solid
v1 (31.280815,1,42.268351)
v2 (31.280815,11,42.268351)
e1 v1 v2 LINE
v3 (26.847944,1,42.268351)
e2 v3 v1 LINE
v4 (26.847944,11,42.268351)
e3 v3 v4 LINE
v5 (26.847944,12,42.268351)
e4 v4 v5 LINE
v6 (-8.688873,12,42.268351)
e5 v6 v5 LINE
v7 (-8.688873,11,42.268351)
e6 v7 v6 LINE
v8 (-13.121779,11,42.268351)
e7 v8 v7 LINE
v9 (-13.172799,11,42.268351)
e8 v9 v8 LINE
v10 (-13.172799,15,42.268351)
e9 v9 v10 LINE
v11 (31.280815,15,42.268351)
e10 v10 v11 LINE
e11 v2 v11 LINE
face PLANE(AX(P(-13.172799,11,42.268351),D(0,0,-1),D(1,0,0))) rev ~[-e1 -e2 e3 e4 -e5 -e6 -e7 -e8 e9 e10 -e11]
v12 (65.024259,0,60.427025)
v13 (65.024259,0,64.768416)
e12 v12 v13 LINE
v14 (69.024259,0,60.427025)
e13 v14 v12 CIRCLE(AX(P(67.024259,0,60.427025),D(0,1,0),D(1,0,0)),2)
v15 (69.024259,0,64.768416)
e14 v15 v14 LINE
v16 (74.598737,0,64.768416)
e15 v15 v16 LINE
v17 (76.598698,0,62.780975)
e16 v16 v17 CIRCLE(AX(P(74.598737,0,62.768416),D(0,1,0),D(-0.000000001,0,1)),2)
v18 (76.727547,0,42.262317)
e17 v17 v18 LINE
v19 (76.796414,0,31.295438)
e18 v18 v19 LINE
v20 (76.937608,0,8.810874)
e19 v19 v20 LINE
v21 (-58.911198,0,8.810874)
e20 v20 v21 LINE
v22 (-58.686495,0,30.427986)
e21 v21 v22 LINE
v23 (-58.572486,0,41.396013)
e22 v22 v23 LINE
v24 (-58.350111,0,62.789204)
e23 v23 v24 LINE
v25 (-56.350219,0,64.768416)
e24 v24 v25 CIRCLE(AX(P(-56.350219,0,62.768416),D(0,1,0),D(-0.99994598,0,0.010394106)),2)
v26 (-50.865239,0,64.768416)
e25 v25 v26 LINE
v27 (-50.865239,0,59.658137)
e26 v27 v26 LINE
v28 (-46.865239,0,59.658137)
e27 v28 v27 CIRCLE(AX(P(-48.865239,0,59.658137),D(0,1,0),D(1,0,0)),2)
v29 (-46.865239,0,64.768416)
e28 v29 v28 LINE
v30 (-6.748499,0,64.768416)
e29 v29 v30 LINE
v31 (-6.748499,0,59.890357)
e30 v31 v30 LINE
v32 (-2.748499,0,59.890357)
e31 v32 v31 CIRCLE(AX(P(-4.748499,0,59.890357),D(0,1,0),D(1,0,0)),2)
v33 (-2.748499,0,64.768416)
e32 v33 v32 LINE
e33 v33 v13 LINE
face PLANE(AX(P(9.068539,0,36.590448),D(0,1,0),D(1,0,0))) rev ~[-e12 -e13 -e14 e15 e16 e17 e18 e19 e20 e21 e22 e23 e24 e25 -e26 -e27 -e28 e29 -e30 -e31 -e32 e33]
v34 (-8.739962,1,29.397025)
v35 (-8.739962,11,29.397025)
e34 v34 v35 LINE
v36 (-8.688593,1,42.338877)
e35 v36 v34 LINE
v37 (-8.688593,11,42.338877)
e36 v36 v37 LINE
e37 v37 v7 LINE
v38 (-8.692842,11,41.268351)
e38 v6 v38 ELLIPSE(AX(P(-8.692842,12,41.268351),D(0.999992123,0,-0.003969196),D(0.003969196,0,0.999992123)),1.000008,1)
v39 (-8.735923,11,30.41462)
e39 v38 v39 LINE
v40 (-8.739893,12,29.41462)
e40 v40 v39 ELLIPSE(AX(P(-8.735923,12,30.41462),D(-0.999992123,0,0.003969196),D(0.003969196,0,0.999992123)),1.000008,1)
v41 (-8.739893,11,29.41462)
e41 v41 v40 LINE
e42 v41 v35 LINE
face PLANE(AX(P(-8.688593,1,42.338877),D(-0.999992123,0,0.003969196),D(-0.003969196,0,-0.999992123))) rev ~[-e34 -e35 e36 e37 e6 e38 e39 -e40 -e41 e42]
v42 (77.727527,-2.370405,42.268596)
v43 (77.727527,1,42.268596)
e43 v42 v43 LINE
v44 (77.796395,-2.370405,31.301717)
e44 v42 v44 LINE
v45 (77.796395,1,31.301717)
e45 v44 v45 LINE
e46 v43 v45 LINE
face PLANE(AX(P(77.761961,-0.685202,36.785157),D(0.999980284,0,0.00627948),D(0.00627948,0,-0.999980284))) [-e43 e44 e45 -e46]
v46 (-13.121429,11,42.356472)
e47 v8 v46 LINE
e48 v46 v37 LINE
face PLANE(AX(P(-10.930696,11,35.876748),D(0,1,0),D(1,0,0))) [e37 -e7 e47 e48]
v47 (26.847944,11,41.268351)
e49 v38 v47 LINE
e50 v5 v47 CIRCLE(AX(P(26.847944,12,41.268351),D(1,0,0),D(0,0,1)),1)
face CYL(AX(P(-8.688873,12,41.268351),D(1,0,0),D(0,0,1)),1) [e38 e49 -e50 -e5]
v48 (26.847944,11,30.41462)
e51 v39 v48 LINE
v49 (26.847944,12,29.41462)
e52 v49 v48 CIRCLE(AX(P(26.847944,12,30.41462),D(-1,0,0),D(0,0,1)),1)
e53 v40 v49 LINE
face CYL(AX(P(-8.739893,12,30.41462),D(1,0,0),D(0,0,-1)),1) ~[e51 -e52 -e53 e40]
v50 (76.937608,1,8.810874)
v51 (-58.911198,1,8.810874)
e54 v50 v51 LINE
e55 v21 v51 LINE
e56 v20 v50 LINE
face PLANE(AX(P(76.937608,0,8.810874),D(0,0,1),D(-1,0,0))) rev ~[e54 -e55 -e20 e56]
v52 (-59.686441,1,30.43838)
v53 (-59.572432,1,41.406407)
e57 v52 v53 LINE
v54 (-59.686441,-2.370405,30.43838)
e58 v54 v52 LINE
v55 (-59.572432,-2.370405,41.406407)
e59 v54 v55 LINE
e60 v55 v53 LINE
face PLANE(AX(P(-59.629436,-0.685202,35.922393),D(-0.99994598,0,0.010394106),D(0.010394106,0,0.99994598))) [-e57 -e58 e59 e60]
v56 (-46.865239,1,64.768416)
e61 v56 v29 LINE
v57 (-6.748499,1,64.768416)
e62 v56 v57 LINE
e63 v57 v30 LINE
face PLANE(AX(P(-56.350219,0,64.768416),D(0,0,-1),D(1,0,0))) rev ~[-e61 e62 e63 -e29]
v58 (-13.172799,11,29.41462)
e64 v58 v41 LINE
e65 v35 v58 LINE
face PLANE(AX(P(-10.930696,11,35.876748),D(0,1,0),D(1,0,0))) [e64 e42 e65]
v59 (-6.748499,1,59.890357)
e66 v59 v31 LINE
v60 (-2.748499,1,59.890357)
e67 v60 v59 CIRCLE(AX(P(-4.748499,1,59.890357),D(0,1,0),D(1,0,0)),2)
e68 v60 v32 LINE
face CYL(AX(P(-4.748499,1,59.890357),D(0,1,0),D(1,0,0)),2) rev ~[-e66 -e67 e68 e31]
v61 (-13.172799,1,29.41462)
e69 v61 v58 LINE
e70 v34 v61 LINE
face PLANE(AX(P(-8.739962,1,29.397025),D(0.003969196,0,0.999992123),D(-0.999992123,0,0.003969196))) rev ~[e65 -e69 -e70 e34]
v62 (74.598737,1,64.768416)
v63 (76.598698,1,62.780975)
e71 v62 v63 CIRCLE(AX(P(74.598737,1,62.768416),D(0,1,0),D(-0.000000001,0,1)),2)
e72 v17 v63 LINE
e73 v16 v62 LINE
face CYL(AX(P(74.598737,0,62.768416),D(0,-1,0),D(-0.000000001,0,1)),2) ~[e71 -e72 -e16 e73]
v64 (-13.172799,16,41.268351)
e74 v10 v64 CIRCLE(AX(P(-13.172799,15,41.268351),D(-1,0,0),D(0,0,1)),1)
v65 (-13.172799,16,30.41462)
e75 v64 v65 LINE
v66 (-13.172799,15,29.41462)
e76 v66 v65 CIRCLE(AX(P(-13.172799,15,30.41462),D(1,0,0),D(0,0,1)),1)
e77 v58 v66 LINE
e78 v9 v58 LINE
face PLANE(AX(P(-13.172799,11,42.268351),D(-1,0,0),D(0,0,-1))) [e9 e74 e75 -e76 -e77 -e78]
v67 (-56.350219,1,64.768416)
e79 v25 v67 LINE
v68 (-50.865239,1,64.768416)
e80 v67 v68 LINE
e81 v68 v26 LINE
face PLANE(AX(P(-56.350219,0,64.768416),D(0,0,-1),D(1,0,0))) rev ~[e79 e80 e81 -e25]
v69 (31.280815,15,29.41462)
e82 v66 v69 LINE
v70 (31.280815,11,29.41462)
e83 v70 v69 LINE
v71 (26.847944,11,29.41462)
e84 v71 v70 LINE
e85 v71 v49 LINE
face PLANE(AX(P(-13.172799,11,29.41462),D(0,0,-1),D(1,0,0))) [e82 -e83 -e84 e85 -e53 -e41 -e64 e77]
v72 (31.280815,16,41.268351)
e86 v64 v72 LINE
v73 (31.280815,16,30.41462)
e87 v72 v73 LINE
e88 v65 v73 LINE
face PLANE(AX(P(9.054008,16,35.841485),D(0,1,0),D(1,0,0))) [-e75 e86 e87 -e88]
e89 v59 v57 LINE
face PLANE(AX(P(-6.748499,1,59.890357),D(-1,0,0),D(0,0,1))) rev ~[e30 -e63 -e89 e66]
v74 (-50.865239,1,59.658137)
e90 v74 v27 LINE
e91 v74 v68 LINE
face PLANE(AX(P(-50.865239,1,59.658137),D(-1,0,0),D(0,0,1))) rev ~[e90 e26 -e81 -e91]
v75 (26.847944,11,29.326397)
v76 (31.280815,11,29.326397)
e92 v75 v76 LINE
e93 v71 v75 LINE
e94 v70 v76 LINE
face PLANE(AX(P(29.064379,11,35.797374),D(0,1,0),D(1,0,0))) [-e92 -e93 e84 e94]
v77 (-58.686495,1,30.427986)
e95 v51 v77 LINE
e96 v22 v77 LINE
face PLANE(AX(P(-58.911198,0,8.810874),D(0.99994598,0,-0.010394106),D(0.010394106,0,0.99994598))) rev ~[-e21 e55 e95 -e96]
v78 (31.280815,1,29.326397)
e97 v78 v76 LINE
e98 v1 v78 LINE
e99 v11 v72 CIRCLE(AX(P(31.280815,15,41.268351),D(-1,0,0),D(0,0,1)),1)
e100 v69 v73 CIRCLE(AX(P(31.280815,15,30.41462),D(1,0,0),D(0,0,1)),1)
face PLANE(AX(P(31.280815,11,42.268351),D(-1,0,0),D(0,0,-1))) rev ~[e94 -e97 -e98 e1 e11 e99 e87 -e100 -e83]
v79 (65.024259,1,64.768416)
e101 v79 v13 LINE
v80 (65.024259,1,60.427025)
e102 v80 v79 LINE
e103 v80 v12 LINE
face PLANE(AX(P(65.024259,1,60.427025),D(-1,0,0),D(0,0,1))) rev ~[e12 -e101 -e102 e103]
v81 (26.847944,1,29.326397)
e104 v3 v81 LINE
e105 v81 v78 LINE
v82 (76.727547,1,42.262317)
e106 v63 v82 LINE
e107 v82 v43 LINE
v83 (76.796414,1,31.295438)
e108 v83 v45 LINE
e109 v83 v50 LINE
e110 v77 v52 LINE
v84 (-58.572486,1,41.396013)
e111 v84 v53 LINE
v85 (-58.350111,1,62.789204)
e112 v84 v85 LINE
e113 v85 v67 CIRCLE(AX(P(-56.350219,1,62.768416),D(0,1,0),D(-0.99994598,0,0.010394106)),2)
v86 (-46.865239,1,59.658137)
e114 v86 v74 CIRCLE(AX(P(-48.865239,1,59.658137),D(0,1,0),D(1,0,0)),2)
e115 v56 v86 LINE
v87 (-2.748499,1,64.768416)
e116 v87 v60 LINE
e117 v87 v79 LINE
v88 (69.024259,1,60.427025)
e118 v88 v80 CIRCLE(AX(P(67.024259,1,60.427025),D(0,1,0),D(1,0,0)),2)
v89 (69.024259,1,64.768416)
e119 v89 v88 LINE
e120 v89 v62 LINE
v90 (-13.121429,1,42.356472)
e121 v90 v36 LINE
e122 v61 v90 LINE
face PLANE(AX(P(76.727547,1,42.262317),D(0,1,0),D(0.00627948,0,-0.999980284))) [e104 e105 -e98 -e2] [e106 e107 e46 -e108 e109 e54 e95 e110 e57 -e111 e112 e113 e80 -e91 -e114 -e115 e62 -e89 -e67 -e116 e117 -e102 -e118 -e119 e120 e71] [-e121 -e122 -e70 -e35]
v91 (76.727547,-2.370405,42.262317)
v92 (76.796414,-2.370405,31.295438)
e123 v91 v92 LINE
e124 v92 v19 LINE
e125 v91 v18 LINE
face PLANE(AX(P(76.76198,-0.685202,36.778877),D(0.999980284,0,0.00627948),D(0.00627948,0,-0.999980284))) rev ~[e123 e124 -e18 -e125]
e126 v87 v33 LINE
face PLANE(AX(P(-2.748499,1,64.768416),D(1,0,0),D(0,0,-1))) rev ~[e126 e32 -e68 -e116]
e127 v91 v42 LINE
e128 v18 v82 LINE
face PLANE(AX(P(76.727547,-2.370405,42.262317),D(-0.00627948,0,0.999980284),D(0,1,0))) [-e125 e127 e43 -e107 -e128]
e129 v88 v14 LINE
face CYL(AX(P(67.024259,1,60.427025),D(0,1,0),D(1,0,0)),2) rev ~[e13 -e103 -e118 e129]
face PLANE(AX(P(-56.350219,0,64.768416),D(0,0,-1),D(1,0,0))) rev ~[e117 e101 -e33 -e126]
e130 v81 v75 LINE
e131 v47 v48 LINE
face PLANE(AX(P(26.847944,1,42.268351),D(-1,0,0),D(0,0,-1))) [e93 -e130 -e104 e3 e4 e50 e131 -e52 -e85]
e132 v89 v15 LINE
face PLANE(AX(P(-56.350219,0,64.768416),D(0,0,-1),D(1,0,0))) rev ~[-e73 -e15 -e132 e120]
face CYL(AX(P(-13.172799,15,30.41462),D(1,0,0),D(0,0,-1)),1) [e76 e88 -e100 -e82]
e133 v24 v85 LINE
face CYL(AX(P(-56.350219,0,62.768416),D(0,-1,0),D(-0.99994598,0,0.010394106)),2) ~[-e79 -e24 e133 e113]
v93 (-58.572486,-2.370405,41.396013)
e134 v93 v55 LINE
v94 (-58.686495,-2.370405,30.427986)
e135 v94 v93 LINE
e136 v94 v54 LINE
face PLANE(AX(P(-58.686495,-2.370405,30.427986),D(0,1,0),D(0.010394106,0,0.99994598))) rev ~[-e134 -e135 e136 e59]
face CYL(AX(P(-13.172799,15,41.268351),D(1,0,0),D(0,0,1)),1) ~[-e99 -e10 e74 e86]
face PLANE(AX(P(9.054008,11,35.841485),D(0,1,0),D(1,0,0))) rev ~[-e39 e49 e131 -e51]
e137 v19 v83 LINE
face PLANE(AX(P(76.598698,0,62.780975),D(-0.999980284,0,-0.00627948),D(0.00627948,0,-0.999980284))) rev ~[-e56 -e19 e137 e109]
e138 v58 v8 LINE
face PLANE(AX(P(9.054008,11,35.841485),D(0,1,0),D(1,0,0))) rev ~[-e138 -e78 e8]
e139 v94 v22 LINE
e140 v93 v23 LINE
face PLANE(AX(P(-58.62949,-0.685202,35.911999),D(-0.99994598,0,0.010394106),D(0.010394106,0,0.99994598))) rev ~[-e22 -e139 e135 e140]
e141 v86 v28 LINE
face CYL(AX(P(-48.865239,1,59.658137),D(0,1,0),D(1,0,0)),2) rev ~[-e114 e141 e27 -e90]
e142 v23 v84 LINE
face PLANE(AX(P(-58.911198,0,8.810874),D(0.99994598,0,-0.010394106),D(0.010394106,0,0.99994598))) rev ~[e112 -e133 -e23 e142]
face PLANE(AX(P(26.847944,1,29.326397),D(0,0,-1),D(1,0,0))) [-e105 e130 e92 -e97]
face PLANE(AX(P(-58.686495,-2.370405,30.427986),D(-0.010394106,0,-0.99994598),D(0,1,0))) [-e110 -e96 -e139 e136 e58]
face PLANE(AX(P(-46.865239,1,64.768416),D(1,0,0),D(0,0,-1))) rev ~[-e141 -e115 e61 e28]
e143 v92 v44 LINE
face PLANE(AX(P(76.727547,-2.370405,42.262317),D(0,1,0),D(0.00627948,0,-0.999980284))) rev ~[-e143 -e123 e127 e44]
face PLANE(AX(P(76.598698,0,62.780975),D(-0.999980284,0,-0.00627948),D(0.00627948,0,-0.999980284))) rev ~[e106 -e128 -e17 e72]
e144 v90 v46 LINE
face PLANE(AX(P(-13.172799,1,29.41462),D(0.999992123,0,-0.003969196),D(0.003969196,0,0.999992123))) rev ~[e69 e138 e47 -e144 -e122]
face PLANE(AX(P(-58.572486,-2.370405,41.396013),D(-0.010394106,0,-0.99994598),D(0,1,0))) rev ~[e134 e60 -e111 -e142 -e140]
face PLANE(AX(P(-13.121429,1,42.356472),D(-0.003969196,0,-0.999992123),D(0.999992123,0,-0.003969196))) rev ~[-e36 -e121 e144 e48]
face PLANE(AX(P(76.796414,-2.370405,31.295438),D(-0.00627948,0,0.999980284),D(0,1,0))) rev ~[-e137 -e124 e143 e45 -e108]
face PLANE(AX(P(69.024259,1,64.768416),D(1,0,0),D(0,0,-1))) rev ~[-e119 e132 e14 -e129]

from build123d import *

# Parameters (mm, degrees)
BOSS_EXTRUDE1_DEPTH = 1
SKETCH3_W           = 4.432871168
SKETCH3_H           = 12.941954118
BOSS_EXTRUDE4_DEPTH = 10
SKETCH4_W           = 44.453613632
SKETCH4_H           = 12.853731213
BOSS_EXTRUDE6_DEPTH = 5
CUT_EXTRUDE1_DEPTH  = 5
FILLET3_R           = 1
FILLET4_R           = 1
SKETCH7_W           = 10.96861972
SKETCH7_H           = 3.370404632
BOSS_EXTRUDE7_DEPTH = 1
SKETCH9_W           = 10.967095029
SKETCH9_H           = 3.370404632
BOSS_EXTRUDE8_DEPTH = 1


with BuildPart() as part:
    # Sketch1 → Boss-Extrude1 (new body)
    with BuildSketch(Plane(origin=(0, 0, 0), x_dir=(1, 0, 0), z_dir=(0, 1, 0))):
        with BuildLine():
            Line((76.59869755, -62.780974611), (76.937608383, -8.810873689))
            Line((76.937608383, -8.810873689), (-58.911197585, -8.810873689))
            Line((-58.911197585, -8.810873689), (-58.350110804, -62.789203863))
            ThreePointArc((-58.350110804, -62.789203863), (-57.757063466, -64.189959956), (-56.350218844, -64.768415651))
            Line((-56.350218844, -64.768415651), (74.598736982, -64.768415651))
            ThreePointArc((74.598736982, -64.768415651), (76.008503289, -64.187062528), (76.59869755, -62.780974611))
        make_face()
    extrude(amount=BOSS_EXTRUDE1_DEPTH)

    # Sketch3 → Boss-Extrude4 (add)
    with BuildSketch(Plane(origin=(0, 1, 0), x_dir=(1, 0, 0), z_dir=(0, 1, 0))):
        Polygon((-13.121429489, -42.356471833), (-8.688593239, -42.338876898), (-8.739962395, -29.397024728), (-13.172798644, -29.414619663), align=None)
        with Locations((29.064379404, -35.797373817)):
            Rectangle(SKETCH3_W, SKETCH3_H)
    extrude(amount=BOSS_EXTRUDE4_DEPTH)

    # Sketch4 → Boss-Extrude6 (add)
    with BuildSketch(Plane(origin=(0, 11, 0), x_dir=(1, 0, 0), z_dir=(0, 1, 0))):
        with Locations((9.054008172, -35.841485269)):
            Rectangle(SKETCH4_W, SKETCH4_H)
    extrude(amount=BOSS_EXTRUDE6_DEPTH)

    # Sketch5 → Cut-Extrude1 (cut)
    with BuildSketch(Plane(origin=(0, 1, 0), x_dir=(1, 0, 0), z_dir=(0, 1, 0))):
        with BuildLine():
            Line((-50.865239297, -59.658136879), (-50.865239297, -64.768415651))
            Line((-50.865239297, -64.768415651), (-46.865239297, -64.768415651))
            Line((-46.865239297, -64.768415651), (-46.865239297, -59.658136879))
            ThreePointArc((-46.865239297, -59.658136879), (-48.865239297, -57.658136879), (-50.865239297, -59.658136879))
        make_face()
        with BuildLine():
            Line((-6.748499038, -59.890356529), (-6.748499038, -64.768415651))
            Line((-6.748499038, -64.768415651), (-2.748499038, -64.768415651))
            Line((-2.748499038, -64.768415651), (-2.748499038, -59.890356529))
            ThreePointArc((-2.748499038, -59.890356529), (-4.748499038, -57.890356529), (-6.748499038, -59.890356529))
        make_face()
        with BuildLine():
            Line((65.024259069, -60.427024757), (65.024259069, -64.768415651))
            Line((65.024259069, -64.768415651), (69.024259069, -64.768415651))
            Line((69.024259069, -64.768415651), (69.024259069, -60.427024757))
            ThreePointArc((69.024259069, -60.427024757), (67.024259069, -58.427024757), (65.024259069, -60.427024757))
        make_face()
    extrude(amount=-CUT_EXTRUDE1_DEPTH, mode=Mode.SUBTRACT)

    # Fillet3
    fillet3_edges = [part.edges().sort_by_distance(p)[0] for p in [
        (9.054008172, 16, 29.414619663),
        (9.054008172, 16, 42.268350876),
    ]]
    fillet(fillet3_edges, radius=FILLET3_R)

    # Fillet4
    fillet4_edges = [part.edges().sort_by_distance(p)[0] for p in [
        (9.079535323, 11, 42.268350876),
        (9.054025631, 11, 29.414619663),
    ]]
    fillet(fillet4_edges, radius=FILLET4_R)

    # Sketch7 → Boss-Extrude7 (add)
    with BuildSketch(Plane(origin=(-58.996409176, 0, 0.613248042), x_dir=(0.010394105727731903, 0, 0.9999459798239707), z_dir=(-0.9999459798239707, 0, 0.010394105727731903))):
        with Locations((35.300658133, -0.685202316)):
            Rectangle(SKETCH7_W, SKETCH7_H)
    extrude(amount=BOSS_EXTRUDE7_DEPTH)

    # Sketch9 → Boss-Extrude8 (add)
    with BuildSketch(Plane(origin=(76.989901201, 0, 0.483466051), x_dir=(0.0062794796676542385, 0, -0.9999802838731889), z_dir=(0.9999802838731889, 0, 0.0062794796676542385))):
        with Locations((-36.296126915, -0.685202316)):
            Rectangle(SKETCH9_W, SKETCH9_H)
    extrude(amount=BOSS_EXTRUDE8_DEPTH)


solid = part.part
